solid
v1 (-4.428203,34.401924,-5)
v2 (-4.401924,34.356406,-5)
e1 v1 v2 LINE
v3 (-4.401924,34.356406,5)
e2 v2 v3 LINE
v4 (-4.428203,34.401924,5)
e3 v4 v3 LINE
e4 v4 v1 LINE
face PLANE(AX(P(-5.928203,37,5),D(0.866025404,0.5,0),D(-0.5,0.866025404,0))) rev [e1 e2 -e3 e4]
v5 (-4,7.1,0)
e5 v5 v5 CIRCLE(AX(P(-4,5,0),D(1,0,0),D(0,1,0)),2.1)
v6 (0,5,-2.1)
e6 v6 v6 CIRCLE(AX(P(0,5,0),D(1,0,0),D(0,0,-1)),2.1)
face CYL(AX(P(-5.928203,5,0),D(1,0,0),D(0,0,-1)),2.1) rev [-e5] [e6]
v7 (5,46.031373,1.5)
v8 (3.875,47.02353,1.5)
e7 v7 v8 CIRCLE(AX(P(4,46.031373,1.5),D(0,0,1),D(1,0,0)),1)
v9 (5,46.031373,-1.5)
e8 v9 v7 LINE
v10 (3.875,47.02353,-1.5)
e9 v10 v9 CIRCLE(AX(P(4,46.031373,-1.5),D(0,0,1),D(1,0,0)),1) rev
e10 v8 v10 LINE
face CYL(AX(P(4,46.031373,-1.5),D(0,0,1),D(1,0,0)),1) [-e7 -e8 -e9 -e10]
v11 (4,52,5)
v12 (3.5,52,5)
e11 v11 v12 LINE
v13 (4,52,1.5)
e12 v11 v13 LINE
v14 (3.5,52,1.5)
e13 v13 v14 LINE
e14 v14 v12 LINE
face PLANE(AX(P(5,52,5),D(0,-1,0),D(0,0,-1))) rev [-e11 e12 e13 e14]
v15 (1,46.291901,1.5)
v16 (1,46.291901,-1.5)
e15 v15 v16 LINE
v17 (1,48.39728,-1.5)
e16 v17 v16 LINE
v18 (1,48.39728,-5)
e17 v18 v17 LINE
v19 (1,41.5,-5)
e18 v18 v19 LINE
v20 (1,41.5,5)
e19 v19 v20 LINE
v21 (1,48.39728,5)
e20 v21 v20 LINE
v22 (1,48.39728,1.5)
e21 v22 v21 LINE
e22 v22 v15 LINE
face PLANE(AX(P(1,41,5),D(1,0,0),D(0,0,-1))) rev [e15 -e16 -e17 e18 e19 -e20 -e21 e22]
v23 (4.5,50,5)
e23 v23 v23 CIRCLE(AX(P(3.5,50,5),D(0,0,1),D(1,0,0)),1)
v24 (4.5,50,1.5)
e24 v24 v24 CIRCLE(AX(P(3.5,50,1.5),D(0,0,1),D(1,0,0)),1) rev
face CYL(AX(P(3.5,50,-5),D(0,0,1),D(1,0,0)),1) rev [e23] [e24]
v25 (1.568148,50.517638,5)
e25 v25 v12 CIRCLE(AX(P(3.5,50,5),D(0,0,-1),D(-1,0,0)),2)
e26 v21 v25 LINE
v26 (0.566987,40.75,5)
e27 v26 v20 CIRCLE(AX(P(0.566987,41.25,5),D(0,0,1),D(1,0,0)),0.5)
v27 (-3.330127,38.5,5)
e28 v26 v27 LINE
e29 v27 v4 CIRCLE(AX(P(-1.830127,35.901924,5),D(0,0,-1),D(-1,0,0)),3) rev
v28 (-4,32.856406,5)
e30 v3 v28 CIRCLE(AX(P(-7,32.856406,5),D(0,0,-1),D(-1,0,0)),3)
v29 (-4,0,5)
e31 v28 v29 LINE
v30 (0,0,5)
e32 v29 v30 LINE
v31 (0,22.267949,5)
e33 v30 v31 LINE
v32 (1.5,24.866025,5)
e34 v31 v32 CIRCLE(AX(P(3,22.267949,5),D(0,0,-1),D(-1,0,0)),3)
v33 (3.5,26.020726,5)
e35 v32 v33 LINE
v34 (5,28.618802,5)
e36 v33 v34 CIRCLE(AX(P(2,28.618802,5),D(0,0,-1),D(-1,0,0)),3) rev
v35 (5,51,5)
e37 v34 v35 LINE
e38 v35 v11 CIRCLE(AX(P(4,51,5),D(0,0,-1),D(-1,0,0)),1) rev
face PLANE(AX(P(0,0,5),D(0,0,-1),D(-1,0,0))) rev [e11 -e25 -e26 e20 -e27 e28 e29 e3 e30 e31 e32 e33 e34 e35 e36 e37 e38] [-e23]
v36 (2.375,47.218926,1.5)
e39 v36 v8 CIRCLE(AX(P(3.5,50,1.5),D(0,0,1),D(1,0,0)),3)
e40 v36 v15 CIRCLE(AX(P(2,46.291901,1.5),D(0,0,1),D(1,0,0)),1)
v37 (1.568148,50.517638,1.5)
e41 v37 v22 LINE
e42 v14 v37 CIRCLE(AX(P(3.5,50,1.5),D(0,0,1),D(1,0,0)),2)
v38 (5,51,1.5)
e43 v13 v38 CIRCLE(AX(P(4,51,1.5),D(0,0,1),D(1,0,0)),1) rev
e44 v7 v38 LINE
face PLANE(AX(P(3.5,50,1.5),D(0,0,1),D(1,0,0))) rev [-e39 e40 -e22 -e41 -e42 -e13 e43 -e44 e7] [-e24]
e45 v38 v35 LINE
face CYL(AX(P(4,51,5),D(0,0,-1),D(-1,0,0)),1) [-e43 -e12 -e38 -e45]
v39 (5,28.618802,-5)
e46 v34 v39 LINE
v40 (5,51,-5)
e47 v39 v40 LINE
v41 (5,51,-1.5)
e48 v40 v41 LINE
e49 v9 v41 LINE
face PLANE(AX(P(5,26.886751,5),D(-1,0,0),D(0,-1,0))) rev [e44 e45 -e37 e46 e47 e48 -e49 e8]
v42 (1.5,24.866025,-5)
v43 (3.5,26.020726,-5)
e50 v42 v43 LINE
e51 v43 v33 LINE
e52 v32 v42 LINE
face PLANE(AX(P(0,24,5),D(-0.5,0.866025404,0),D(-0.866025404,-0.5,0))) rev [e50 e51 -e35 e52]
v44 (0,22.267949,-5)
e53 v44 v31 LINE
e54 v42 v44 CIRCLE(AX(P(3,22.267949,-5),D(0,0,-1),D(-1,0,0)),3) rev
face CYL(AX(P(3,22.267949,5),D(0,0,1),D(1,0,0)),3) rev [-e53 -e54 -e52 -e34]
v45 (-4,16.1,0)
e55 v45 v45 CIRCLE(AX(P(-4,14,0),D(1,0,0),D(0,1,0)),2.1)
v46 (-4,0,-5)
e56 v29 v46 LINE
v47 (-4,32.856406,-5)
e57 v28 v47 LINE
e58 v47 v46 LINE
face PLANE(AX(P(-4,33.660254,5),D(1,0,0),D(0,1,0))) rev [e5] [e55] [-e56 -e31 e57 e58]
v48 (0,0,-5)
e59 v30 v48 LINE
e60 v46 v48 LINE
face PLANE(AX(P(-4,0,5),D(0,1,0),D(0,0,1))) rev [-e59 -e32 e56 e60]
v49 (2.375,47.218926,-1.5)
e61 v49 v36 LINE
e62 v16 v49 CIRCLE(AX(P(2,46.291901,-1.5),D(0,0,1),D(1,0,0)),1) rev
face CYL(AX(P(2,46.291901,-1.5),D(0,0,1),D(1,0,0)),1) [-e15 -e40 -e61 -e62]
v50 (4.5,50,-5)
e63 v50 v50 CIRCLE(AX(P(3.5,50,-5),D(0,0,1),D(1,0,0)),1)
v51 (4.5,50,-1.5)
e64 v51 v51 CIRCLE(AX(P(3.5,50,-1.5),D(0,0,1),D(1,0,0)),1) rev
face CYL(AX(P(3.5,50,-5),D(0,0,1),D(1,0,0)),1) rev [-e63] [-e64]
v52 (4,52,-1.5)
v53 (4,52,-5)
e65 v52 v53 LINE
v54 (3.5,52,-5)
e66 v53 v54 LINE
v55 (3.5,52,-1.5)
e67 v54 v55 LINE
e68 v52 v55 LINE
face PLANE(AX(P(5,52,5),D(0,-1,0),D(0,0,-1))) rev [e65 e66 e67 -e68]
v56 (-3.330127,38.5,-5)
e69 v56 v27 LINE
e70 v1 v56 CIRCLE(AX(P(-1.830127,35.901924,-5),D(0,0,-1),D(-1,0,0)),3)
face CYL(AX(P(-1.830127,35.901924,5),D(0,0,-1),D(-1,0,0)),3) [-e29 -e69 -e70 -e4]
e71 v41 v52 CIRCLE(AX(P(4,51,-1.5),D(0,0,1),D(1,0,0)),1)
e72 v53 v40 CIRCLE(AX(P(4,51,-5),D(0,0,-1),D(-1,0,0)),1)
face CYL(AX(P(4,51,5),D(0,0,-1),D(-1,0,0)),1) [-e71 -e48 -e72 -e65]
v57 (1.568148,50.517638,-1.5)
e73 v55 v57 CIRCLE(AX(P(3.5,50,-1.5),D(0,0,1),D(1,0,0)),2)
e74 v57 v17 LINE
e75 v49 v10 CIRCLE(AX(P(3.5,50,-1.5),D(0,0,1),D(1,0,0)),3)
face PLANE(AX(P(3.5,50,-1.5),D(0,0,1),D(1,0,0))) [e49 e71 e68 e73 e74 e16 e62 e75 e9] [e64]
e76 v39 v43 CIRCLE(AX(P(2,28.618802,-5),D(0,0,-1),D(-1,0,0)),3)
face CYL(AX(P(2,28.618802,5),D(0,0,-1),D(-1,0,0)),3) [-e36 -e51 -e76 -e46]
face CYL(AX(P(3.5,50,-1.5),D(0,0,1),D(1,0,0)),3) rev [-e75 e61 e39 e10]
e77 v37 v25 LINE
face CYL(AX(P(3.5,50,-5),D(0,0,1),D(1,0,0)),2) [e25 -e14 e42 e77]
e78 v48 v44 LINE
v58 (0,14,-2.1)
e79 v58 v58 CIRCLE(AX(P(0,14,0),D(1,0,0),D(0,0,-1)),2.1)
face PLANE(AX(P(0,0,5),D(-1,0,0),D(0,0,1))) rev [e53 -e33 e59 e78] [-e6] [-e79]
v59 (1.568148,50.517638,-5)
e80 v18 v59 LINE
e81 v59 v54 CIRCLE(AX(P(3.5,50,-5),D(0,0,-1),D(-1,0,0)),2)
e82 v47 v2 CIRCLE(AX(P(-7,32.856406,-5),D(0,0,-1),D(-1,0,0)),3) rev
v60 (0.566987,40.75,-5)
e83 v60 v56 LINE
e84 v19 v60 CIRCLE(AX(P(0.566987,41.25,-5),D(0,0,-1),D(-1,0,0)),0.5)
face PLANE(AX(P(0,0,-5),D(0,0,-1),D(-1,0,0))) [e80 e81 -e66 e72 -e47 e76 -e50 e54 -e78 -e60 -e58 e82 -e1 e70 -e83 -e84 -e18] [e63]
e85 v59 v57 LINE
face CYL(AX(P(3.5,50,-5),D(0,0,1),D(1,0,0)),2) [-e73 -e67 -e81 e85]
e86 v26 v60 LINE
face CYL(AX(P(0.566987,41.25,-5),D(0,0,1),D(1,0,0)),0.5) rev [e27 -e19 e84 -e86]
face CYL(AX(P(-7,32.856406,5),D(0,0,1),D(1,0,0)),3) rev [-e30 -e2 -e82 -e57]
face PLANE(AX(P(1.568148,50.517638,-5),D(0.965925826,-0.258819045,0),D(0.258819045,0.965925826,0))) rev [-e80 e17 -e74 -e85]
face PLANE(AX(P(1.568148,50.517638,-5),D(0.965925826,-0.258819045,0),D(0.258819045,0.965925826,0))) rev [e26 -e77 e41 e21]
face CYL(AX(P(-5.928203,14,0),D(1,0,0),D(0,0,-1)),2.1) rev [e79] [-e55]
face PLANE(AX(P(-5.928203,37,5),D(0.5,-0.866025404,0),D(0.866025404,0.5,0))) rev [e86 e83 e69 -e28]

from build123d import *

# Parameters (mm, degrees)
EXTRUDE_1_DEPTH     = 5
SKETCH_2_R          = 2.1
CUT_EXTRUDE_1_DEPTH = 53.575123334
SKETCH_3_R          = 1
SKETCH_3_R_2        = 0.5
CUT_EXTRUDE_2_DEPTH = 54.283614682
SKETCH_4_R          = 3
CUT_EXTRUDE_3_DEPTH = 1.5
FILLET_1_R          = 3
FILLET_4_R          = 1


with BuildPart() as part:
    # 草图1 → 凸台-拉伸1 (new, symmetric)
    with BuildSketch(Plane.XY):
        Polygon((-5.92820323, 37), (-4, 33.660254038), (-4, 0), (0, 0), (0, 24), (5, 26.886751346), (5, 52), (1, 52), (1, 41), align=None)
    extrude(amount=EXTRUDE_1_DEPTH, both=True)

    # 草图2 → 切除-拉伸1 (cut, through all)
    with BuildSketch(Plane(origin=(0, 0, 0), x_dir=(0, 0, -1), z_dir=(1, 0, 0))):
        with Locations((0, 14)):
            Circle(SKETCH_2_R)
        with Locations((0, 5)):
            Circle(SKETCH_2_R)
    extrude(amount=-CUT_EXTRUDE_1_DEPTH, mode=Mode.SUBTRACT)

    # 草图3 → 切除-拉伸2 (cut, through all)
    with BuildSketch(Plane.XY.offset(5)):
        with Locations((3.5, 50)):
            Circle(SKETCH_3_R)
        with Locations((0.566987298, 41.25)):
            Circle(SKETCH_3_R_2)
        with BuildLine():
            Line((3.5, 52), (5, 52))
            Line((5, 52), (5, 52.5))
            Line((5, 52.5), (1, 52.5))
            Line((1, 52.5), (1, 48.397279591))
            Line((1, 48.397279591), (1.568148347, 50.51763809))
            ThreePointArc((1.568148347, 50.51763809), (2.282477142, 51.586706681), (3.5, 52))
        make_face()
    extrude(amount=-CUT_EXTRUDE_2_DEPTH, mode=Mode.SUBTRACT)

    # 草图4 → 切除-拉伸3 (cut, symmetric)
    with BuildSketch(Plane.XY):
        with Locations((3.5, 50)):
            Circle(SKETCH_4_R)
    extrude(amount=CUT_EXTRUDE_3_DEPTH, both=True, mode=Mode.SUBTRACT)

    # 圆角1
    fillet_1_edges = [part.edges().sort_by_distance(p)[0] for p in [
        (0, 24, 0),
        (-4, 33.660254038, 0),
        (-5.92820323, 37, 0),
        (5, 26.886751346, 0),
    ]]
    fillet(fillet_1_edges, radius=FILLET_1_R)

    # 圆角4
    fillet_4_edges = [part.edges().sort_by_distance(p)[0] for p in [
        (5, 52, 3.25),
        (1, 48.341687605, 0),
        (5, 52, -3.25),
        (5, 47.401923789, 0),
    ]]
    fillet(fillet_4_edges, radius=FILLET_4_R)


solid = part.part
